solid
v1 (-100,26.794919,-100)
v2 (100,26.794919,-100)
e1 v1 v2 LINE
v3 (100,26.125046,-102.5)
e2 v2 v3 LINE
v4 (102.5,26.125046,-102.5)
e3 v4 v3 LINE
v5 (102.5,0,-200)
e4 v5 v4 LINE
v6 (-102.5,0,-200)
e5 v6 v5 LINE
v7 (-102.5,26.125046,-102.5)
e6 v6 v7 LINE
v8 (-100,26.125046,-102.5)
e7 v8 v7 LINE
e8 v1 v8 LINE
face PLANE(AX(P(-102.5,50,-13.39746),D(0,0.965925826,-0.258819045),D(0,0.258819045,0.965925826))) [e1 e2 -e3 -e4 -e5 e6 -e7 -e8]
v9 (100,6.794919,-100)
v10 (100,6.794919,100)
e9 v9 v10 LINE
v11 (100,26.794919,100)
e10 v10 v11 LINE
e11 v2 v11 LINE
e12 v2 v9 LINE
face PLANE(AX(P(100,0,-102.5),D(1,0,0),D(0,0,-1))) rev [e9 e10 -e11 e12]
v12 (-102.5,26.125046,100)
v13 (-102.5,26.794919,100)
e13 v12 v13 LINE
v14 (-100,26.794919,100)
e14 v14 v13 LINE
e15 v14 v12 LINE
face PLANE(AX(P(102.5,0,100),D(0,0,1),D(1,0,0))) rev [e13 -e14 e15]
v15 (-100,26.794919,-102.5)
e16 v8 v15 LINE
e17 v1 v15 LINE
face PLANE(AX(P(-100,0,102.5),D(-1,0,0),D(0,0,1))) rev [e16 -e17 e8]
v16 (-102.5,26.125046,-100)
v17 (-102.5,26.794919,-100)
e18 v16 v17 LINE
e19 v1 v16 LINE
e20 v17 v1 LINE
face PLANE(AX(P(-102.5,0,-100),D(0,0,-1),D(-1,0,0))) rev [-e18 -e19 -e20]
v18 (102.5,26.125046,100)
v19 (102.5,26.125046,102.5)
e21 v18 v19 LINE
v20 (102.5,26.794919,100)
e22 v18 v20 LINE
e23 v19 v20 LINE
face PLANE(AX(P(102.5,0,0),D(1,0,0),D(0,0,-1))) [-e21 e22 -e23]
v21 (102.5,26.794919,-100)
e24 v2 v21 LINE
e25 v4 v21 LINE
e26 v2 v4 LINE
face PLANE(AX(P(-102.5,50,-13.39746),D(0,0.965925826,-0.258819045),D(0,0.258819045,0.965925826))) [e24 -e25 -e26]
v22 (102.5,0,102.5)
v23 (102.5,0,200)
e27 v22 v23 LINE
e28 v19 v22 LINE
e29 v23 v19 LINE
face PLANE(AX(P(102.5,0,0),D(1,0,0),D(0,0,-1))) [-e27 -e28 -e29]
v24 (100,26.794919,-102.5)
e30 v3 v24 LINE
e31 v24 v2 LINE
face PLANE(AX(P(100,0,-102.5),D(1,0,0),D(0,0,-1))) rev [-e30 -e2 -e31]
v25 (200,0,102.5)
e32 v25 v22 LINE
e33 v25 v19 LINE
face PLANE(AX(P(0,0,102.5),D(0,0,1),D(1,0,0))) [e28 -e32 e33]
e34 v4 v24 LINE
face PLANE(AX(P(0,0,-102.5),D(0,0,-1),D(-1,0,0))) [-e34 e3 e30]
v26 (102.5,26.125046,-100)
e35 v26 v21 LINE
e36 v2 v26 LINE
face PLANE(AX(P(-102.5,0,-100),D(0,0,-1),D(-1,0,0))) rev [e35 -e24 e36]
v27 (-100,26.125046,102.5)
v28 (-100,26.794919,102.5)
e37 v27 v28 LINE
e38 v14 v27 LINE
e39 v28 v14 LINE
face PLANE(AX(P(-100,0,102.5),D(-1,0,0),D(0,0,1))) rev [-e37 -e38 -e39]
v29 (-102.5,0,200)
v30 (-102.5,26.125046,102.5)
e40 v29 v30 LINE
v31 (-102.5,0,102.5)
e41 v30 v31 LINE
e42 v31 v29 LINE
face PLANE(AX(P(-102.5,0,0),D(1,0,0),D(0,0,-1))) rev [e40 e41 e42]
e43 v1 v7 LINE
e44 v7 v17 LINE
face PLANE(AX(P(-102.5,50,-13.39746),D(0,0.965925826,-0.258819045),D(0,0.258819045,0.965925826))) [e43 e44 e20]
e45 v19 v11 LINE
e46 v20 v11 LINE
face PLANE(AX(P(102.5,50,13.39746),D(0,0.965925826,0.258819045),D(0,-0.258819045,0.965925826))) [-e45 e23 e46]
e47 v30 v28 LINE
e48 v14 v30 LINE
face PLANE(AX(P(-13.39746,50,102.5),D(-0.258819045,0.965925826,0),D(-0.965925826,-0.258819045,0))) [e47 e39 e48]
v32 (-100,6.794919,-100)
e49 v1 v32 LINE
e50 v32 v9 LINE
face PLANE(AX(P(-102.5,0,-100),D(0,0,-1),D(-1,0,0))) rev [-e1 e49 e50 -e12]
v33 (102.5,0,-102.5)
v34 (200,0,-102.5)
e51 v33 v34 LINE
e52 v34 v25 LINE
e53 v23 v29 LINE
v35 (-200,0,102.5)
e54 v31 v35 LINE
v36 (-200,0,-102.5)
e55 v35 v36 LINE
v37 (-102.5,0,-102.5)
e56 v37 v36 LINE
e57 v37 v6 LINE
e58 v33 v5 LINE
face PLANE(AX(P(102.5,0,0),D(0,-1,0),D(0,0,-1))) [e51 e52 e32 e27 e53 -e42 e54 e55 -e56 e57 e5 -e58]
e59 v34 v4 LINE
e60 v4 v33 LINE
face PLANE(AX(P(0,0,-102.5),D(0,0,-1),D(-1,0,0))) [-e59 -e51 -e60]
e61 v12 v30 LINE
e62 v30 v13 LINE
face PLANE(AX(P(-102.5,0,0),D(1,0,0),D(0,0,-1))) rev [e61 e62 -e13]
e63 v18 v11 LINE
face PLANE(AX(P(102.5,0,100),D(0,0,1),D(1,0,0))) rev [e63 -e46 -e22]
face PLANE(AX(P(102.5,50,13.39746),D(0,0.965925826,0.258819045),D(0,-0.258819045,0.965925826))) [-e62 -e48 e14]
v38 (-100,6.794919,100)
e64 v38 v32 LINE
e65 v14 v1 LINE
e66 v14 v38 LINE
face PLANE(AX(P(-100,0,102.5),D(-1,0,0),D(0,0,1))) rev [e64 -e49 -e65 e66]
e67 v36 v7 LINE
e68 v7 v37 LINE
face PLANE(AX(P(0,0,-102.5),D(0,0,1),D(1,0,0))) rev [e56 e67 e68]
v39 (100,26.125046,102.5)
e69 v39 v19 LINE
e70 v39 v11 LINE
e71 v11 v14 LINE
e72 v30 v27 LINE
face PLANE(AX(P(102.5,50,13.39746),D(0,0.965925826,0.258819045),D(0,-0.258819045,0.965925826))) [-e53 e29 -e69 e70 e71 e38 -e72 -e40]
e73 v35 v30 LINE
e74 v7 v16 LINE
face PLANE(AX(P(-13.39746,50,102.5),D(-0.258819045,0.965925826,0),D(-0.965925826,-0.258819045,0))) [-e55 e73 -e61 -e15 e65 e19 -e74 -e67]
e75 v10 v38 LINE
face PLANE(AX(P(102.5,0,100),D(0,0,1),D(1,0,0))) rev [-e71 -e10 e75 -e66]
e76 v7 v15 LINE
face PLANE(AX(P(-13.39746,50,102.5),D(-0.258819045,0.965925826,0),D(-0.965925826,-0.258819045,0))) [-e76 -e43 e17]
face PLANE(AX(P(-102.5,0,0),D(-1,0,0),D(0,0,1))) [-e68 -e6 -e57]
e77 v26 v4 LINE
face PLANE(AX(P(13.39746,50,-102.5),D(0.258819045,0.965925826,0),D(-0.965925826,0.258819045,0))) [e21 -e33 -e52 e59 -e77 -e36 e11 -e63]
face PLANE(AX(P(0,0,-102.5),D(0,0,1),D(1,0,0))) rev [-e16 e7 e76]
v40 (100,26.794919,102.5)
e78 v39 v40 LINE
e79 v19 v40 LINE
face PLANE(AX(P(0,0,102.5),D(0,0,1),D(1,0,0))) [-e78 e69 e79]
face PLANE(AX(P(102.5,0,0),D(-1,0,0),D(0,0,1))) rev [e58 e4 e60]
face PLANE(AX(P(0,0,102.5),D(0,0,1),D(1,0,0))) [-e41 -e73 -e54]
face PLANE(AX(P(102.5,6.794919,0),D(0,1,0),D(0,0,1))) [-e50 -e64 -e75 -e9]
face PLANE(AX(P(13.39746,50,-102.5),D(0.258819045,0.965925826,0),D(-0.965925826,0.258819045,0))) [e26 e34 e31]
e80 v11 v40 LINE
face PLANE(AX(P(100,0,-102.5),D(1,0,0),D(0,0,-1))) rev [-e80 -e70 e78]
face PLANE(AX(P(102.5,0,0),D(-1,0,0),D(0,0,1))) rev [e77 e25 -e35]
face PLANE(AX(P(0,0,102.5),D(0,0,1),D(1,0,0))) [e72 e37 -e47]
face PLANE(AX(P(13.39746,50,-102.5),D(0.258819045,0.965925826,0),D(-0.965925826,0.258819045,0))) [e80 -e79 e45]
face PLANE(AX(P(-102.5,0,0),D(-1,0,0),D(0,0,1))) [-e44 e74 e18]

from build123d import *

# Parameters (mm, degrees)
BOSS_EXTRUDE1_DEPTH = 102.5
CIRPATTERN1_COUNT   = 4


with BuildPart() as part:
    # Sketch1 → Boss-Extrude1 (new, symmetric)
    with BuildSketch(Plane(origin=(0, 0, 0), x_dir=(0, 0, -1), z_dir=(1, 0, 0))):
        Polygon((0, 0), (0, 6.794919243), (-100, 6.794919243), (-100, 26.794919243), (-200, 0), align=None)
    boss_extrude1 = extrude(amount=BOSS_EXTRUDE1_DEPTH, both=True)

    # CirPattern1: Boss-Extrude1 ×4 about axis
    cirpattern1_axis = Axis((0, 28.134665205, 0), (0, -1, 0))
    for i in range(1, CIRPATTERN1_COUNT):
        add(boss_extrude1.rotate(cirpattern1_axis, i * 360 / CIRPATTERN1_COUNT))


solid = part.part
